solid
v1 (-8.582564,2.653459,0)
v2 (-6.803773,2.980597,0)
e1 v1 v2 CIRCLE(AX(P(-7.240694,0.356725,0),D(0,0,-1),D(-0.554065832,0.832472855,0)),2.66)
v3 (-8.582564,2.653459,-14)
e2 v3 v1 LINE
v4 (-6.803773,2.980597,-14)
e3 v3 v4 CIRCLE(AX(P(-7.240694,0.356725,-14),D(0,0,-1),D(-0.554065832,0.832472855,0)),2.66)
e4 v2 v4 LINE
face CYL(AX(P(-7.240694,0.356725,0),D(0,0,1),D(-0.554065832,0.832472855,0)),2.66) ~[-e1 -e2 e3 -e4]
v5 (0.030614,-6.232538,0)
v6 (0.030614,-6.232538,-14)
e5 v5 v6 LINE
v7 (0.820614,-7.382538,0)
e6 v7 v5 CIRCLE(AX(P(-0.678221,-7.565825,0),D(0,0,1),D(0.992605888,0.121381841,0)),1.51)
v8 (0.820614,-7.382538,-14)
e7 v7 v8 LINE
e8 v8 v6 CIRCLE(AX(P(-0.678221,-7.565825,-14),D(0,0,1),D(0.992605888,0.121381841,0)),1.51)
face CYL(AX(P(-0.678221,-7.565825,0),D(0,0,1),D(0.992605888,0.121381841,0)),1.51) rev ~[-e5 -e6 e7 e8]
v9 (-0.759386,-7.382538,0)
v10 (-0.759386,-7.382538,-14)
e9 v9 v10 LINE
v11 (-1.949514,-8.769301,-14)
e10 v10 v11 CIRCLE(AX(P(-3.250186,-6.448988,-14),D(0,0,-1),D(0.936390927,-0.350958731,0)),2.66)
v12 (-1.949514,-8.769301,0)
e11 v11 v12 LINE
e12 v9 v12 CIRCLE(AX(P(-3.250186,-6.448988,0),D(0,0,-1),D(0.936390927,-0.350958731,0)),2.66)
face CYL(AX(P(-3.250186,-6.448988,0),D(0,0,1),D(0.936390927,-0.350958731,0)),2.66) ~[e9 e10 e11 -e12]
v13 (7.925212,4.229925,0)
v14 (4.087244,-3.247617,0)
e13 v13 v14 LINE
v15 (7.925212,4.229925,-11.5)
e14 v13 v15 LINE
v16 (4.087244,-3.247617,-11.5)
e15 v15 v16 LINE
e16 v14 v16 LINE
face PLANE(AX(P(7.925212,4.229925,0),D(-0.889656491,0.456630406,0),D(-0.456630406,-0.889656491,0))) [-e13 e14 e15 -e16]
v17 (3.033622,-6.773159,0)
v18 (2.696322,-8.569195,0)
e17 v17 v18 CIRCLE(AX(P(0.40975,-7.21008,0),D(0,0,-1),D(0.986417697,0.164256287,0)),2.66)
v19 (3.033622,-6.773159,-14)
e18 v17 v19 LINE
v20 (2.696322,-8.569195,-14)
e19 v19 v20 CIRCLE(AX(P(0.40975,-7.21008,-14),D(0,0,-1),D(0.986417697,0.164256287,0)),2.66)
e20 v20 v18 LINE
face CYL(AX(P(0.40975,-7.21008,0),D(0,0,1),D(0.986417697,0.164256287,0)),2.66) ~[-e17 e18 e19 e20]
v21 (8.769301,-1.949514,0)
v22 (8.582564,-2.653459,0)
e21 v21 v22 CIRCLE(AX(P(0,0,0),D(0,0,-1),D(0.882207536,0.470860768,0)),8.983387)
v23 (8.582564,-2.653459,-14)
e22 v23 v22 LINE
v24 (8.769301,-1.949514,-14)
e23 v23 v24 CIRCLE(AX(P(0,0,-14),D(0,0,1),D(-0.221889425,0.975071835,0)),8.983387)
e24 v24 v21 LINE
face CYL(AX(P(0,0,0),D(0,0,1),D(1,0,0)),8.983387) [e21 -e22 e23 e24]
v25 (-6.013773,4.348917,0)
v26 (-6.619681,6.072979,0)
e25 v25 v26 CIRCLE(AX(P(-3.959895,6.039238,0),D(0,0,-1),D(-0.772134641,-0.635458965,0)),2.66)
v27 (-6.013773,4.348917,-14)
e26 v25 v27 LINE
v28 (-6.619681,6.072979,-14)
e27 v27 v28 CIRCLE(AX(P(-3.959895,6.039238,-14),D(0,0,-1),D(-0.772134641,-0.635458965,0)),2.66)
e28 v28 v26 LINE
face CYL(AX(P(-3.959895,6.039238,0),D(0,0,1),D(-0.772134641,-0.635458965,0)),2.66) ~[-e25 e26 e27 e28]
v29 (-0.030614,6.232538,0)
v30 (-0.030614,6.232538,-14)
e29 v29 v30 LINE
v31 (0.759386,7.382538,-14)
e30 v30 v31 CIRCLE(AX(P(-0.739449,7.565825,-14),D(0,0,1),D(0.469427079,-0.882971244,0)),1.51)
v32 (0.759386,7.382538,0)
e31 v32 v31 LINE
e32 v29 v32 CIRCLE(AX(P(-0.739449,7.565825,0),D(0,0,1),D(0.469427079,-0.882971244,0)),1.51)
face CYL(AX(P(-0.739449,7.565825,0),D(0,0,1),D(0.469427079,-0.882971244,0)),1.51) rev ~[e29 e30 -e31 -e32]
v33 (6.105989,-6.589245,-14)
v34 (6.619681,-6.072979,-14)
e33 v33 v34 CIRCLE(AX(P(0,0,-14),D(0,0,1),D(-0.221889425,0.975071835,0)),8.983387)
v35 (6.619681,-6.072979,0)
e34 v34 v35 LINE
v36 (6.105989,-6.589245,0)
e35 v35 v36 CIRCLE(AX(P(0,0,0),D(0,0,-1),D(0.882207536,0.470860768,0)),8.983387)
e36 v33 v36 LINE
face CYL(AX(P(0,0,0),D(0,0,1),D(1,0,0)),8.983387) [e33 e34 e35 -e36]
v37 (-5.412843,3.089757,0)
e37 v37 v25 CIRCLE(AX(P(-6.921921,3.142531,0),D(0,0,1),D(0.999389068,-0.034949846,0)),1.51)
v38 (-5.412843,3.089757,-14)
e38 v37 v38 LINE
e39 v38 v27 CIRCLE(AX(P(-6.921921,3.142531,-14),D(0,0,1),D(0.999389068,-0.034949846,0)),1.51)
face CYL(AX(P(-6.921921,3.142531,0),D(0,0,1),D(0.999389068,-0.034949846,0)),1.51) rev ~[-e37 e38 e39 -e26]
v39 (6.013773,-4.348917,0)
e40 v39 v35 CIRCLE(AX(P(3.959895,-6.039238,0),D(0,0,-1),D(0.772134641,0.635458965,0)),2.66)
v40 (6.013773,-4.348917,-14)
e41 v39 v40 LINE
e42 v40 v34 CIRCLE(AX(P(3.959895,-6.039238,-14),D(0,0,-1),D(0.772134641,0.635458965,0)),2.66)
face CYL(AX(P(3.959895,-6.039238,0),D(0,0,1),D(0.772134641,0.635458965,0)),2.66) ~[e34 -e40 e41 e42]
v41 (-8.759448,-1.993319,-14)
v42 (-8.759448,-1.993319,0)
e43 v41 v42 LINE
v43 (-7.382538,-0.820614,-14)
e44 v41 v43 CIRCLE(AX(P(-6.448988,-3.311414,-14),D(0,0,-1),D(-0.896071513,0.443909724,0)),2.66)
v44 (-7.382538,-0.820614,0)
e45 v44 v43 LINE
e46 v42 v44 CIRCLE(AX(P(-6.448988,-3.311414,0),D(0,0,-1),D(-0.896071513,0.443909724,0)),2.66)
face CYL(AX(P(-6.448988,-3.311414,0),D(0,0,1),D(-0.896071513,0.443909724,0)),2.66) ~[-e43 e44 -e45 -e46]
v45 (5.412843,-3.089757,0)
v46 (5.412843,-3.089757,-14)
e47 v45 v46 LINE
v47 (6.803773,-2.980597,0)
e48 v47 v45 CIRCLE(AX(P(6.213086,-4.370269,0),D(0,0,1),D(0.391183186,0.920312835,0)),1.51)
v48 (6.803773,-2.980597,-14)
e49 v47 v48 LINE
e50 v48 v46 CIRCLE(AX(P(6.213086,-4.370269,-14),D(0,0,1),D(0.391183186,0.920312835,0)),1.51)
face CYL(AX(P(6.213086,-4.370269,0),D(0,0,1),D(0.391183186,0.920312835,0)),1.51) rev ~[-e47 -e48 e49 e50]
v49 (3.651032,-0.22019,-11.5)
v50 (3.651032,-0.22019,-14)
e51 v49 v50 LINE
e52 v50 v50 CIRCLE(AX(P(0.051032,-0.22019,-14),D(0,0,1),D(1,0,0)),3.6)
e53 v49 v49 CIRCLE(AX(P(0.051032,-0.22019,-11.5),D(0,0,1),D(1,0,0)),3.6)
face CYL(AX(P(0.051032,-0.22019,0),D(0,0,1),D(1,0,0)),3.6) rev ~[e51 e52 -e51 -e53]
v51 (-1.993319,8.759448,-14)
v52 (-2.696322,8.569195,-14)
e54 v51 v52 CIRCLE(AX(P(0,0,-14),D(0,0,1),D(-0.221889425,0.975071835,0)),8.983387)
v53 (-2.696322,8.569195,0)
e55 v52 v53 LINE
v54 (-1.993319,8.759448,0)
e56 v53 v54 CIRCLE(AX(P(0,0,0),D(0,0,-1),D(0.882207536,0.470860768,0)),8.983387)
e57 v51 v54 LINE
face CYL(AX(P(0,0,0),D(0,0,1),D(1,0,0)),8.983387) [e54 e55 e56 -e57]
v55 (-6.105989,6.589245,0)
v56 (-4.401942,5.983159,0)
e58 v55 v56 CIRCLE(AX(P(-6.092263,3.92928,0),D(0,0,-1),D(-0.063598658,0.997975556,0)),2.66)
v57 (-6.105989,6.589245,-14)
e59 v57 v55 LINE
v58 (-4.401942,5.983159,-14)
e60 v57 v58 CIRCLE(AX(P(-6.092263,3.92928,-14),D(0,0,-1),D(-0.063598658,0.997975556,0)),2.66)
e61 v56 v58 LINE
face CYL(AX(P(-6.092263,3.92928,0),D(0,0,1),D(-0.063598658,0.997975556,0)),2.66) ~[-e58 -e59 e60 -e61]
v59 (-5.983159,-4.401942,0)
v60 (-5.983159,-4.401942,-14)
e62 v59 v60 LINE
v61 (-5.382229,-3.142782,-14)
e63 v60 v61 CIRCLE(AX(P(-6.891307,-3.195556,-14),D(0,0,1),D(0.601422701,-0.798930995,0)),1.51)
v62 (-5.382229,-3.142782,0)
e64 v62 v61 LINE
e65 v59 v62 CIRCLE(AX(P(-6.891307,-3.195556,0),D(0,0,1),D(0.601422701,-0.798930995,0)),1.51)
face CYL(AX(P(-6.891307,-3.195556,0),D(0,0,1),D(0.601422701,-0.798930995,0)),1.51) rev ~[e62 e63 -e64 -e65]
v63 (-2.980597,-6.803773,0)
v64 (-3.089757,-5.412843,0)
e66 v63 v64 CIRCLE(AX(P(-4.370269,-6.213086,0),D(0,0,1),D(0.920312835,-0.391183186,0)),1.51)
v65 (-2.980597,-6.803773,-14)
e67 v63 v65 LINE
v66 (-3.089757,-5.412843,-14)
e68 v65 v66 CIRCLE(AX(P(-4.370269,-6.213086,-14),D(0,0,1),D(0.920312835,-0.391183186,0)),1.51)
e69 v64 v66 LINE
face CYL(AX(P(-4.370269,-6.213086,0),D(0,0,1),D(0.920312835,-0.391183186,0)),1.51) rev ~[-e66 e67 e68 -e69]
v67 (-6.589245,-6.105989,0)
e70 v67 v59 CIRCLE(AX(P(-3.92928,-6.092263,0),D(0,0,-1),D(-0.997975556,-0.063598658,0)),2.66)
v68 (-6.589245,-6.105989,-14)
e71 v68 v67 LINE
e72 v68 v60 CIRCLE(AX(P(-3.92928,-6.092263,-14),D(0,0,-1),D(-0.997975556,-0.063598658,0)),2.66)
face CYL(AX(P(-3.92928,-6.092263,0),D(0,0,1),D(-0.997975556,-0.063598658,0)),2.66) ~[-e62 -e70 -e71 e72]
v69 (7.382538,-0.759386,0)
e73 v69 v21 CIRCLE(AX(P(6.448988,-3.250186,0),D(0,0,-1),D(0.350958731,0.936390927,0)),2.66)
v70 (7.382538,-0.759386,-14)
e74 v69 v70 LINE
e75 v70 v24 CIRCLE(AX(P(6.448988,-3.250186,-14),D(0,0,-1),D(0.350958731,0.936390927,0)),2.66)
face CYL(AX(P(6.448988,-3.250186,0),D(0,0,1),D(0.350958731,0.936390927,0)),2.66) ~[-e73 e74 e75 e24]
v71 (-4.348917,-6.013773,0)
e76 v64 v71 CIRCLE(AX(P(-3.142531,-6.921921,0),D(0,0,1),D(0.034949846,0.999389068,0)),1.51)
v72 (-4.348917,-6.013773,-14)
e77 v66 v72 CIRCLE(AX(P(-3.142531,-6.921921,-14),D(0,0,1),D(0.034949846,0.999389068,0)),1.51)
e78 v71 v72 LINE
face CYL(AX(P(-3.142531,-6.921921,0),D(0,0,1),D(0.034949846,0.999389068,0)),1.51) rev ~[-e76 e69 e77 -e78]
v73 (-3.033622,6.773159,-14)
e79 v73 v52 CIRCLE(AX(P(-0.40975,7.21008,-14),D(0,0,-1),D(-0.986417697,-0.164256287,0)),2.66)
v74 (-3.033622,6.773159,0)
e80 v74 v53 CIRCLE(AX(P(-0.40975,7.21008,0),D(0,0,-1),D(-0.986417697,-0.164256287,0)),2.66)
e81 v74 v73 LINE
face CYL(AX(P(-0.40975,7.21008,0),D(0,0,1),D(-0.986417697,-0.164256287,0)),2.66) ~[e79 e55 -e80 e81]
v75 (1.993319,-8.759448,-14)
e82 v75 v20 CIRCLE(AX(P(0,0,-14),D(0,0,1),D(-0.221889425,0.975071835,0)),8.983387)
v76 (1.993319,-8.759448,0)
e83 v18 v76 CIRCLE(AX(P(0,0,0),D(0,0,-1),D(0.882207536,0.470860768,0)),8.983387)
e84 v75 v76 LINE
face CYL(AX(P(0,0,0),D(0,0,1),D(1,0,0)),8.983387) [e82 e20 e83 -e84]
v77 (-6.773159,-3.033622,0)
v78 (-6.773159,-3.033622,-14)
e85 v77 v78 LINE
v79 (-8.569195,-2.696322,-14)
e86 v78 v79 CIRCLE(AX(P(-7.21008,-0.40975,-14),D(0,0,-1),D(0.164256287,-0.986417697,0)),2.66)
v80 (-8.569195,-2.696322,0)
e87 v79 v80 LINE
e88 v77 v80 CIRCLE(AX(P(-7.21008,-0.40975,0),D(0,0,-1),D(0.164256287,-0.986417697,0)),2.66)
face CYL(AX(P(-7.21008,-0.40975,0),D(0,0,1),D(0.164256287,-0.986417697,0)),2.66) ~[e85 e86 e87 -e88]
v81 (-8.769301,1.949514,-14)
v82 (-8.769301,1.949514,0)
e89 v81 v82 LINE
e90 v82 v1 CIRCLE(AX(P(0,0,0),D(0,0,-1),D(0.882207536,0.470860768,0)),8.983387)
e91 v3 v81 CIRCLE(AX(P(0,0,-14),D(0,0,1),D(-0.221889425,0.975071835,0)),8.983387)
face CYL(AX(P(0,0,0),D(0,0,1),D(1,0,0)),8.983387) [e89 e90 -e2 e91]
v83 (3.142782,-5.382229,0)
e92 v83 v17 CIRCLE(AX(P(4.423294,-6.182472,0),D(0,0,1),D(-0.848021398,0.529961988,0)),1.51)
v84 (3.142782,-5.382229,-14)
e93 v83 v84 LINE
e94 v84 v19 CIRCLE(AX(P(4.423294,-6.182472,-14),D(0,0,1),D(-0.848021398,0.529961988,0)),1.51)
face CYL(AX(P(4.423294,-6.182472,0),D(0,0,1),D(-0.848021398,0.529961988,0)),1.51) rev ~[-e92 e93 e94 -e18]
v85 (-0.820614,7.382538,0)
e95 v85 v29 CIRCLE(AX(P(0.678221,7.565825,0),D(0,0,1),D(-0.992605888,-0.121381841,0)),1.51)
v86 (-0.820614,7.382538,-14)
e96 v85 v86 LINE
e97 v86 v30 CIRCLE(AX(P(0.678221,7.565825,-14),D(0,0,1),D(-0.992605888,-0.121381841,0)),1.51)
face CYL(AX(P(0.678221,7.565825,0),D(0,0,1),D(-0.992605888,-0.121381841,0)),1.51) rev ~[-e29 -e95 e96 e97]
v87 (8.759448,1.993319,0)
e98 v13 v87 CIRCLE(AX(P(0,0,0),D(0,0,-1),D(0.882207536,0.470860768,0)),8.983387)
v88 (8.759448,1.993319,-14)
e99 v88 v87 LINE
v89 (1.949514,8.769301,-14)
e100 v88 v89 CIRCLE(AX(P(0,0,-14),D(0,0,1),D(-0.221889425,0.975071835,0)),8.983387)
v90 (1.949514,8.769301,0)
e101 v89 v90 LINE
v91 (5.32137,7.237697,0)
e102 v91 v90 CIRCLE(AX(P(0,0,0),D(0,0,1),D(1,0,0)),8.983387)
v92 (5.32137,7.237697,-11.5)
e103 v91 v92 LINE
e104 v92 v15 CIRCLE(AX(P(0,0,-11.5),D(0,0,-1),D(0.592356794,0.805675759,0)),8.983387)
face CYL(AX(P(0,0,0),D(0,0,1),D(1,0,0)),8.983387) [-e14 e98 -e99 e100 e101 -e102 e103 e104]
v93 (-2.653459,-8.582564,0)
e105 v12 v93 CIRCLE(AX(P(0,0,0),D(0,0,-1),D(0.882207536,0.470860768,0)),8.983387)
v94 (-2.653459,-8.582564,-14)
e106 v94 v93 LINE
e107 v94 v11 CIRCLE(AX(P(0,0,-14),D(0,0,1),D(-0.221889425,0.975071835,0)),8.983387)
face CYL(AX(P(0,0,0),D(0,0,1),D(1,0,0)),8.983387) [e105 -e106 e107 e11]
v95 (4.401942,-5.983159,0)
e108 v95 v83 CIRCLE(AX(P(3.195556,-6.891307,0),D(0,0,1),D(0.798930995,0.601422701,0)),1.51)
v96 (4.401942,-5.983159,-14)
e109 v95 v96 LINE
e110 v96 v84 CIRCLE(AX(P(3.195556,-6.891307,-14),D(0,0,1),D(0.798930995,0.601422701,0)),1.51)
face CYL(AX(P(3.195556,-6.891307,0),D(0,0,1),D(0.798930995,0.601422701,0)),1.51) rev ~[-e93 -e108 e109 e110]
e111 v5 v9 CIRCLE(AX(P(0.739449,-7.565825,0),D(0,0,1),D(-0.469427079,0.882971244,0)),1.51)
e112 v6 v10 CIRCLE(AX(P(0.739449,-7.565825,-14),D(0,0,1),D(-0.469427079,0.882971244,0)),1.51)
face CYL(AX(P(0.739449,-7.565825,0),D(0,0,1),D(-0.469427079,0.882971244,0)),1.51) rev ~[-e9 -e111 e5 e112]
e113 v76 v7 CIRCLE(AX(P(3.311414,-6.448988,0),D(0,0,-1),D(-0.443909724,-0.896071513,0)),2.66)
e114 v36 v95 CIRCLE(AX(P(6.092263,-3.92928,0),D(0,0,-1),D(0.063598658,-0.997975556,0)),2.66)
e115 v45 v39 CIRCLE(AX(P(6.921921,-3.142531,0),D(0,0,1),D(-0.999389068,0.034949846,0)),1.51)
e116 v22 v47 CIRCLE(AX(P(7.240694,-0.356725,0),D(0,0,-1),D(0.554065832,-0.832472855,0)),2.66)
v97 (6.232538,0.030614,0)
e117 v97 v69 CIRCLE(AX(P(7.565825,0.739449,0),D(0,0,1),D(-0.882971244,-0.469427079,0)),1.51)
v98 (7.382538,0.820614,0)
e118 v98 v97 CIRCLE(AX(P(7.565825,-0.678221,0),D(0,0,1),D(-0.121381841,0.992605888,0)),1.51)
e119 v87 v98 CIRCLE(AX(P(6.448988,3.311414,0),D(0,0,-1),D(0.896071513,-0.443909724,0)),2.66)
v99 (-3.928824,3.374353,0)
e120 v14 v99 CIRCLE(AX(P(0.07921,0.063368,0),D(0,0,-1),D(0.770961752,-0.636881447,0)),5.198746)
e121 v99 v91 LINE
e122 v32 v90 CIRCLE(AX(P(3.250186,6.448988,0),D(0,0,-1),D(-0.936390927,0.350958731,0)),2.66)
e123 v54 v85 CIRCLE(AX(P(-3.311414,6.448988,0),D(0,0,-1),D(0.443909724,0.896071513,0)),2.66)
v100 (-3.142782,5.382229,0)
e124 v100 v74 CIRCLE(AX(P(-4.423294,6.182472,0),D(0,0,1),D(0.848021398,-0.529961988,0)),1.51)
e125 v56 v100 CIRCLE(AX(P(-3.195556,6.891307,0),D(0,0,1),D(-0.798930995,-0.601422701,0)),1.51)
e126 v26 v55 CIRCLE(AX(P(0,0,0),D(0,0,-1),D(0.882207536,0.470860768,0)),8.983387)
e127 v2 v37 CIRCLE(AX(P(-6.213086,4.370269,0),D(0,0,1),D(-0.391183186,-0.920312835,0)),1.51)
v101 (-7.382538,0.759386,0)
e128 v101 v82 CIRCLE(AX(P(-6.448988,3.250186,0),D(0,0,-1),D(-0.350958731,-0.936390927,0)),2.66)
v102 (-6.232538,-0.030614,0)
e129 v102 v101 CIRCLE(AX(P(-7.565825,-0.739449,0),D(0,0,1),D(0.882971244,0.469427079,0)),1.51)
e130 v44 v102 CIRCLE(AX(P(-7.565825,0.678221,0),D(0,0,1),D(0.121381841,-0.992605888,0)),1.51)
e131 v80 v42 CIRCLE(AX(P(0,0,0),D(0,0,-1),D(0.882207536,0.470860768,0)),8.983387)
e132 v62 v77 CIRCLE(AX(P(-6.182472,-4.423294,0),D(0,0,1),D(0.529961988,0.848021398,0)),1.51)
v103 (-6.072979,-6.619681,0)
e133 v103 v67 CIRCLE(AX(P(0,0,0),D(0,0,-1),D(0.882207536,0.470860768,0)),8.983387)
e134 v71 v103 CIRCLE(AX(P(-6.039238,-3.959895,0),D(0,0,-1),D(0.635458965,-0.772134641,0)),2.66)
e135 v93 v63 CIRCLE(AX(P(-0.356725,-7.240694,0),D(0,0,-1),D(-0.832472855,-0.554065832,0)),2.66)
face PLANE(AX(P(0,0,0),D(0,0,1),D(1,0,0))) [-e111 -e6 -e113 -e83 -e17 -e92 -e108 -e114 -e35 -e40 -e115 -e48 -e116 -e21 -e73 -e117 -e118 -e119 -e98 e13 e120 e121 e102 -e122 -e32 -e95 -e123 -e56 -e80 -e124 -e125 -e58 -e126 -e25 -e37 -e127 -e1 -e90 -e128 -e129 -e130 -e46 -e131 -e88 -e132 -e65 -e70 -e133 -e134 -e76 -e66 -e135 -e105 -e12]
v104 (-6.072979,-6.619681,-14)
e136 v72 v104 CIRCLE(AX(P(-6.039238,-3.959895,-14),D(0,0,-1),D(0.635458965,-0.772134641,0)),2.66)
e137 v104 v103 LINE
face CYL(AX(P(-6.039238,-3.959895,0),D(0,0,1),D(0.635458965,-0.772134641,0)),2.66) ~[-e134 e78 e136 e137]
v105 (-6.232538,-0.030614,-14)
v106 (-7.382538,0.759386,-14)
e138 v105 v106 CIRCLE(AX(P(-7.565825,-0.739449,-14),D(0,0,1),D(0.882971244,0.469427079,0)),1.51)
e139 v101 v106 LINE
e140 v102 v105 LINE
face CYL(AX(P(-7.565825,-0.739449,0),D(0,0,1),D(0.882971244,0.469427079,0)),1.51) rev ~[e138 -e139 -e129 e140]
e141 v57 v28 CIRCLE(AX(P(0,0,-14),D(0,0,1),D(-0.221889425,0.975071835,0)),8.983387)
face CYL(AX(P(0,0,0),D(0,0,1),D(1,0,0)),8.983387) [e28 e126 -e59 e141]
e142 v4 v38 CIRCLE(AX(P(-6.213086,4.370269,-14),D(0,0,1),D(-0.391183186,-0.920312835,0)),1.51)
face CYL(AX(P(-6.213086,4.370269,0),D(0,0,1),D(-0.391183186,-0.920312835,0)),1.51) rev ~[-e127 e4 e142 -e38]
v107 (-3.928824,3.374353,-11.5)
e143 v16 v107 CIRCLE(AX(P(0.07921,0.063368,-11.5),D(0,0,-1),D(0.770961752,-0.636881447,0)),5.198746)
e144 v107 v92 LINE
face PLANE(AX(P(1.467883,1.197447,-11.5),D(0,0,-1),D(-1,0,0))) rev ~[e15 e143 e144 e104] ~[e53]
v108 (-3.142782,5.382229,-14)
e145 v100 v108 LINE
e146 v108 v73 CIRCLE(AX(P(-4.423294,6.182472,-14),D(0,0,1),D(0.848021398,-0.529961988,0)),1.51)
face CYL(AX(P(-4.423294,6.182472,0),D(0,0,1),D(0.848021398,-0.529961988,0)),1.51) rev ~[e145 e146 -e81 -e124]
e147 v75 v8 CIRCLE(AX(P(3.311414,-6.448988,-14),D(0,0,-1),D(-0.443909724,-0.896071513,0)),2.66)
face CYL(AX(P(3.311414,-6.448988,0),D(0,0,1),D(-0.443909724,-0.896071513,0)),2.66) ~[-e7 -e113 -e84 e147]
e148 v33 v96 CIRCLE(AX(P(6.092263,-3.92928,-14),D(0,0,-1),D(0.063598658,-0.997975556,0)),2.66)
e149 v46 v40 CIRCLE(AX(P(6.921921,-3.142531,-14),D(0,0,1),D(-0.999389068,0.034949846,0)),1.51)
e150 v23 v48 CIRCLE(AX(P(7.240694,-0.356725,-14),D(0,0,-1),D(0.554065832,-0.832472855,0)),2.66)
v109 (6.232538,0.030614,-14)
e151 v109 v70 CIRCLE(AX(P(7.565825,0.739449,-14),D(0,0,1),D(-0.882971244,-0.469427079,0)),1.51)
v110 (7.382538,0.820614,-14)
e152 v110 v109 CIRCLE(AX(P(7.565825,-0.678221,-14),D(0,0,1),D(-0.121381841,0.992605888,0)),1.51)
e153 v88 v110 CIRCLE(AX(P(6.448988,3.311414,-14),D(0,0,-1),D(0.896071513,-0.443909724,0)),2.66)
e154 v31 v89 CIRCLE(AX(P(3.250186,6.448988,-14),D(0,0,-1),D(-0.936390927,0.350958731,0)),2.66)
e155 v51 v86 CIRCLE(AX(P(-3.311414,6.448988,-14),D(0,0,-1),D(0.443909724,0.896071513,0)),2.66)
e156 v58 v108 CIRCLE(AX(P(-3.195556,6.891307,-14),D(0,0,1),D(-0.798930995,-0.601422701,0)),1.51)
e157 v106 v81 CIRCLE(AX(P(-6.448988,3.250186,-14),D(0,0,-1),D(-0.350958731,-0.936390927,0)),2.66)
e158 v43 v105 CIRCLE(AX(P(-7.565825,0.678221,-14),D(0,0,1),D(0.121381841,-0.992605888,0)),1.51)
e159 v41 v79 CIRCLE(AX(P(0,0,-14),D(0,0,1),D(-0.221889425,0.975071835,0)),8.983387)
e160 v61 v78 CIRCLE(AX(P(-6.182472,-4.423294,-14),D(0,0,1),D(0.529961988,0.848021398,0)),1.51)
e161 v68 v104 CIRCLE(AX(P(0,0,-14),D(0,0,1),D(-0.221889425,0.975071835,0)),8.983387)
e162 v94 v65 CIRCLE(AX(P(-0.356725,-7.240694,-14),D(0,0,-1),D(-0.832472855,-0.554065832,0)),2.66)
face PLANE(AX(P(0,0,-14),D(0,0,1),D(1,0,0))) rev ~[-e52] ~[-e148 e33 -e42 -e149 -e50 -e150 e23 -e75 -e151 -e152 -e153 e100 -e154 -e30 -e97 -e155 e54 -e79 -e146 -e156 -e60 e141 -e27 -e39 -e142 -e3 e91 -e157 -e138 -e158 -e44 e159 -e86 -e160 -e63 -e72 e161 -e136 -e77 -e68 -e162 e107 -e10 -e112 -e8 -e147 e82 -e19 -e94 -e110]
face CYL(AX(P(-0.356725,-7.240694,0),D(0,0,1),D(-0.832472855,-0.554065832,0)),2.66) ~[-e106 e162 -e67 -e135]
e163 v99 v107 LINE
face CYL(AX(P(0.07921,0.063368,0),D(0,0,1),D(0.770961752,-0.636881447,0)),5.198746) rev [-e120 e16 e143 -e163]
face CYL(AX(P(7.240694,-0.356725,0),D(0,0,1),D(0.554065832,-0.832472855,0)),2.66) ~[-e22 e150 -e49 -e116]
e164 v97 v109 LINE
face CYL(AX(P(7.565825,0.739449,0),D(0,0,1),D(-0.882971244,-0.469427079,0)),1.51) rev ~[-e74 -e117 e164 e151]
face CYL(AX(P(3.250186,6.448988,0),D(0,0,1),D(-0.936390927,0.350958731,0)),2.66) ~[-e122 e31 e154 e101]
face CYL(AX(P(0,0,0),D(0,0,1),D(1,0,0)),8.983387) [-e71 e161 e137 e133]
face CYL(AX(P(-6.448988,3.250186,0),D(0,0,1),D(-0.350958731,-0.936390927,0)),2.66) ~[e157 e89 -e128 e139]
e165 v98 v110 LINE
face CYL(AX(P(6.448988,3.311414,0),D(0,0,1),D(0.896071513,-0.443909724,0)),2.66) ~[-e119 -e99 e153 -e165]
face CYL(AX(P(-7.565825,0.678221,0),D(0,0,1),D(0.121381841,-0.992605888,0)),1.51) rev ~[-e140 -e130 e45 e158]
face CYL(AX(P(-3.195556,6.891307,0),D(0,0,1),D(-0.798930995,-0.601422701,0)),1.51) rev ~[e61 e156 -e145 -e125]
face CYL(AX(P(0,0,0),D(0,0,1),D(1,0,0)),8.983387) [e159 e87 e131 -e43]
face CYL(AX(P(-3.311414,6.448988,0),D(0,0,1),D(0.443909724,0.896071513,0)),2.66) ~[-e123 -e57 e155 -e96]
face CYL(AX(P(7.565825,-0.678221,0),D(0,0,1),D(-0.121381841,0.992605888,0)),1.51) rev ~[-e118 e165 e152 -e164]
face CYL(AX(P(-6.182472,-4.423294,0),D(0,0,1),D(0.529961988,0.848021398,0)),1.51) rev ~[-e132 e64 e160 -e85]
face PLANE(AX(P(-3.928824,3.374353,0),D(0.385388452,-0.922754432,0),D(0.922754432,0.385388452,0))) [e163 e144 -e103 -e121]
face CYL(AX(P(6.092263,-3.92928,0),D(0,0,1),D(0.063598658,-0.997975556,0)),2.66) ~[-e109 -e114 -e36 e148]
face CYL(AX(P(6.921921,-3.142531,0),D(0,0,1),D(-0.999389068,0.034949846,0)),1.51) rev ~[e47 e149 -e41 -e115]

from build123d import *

# Parameters (mm, degrees)
SKETCH1_R           = 8.98338725
BOSS_EXTRUDE2_DEPTH = 14
CUT_EXTRUDE1_DEPTH  = 11.5
SKETCH9_R           = 3.6
CUT_EXTRUDE4_DEPTH  = 14
CUT_EXTRUDE5_DEPTH  = 14
CIRPATTERN2_COUNT   = 10
CIRPATTERN2_ANGLE   = 270


with BuildPart() as part:
    # Sketch1 → Boss-Extrude2 (new body)
    with BuildSketch(Plane.XY):
        Circle(SKETCH1_R)
    extrude(amount=-BOSS_EXTRUDE2_DEPTH)

    # Sketch2 → Cut-Extrude1 (cut)
    with BuildSketch(Plane.XY):
        with BuildLine():
            Line((-3.928824085, 3.374352944), (5.321370473, 7.237697339))
            ThreePointArc((5.321370473, 7.237697339), (6.791881958, 5.879760705), (7.925211932, 4.229924623))
            Line((7.925211932, 4.229924623), (4.087244411, -3.247616683))
            ThreePointArc((4.087244411, -3.247616683), (-3.231774651, -3.944666118), (-3.928824085, 3.374352944))
        make_face()
    extrude(amount=-CUT_EXTRUDE1_DEPTH, mode=Mode.SUBTRACT)

    # Sketch9 → Cut-Extrude4 (cut)
    with BuildSketch(Plane.XY):
        with Locations((0.051031531, -0.220189823)):
            Circle(SKETCH9_R)
    extrude(amount=-CUT_EXTRUDE4_DEPTH, mode=Mode.SUBTRACT)

    # Sketch10 → Cut-Extrude5 (cut)
    with BuildSketch(Plane.XY):
        with BuildLine():
            ThreePointArc((-0.030614018, 6.232538227), (0.505170096, 6.710825662), (0.759385982, 7.382538227))
            ThreePointArc((0.759385982, 7.382538227), (1.276411254, 8.232191257), (2.069385982, 8.832538227))
            ThreePointArc((2.069385982, 8.832538227), (-0.030614018, 8.990934274), (-2.130614018, 8.832538227))
            ThreePointArc((-2.130614018, 8.832538227), (-1.33763929, 8.232191257), (-0.820614018, 7.382538227))
            ThreePointArc((-0.820614018, 7.382538227), (-0.566398131, 6.710825662), (-0.030614018, 6.232538227))
        make_face()
    cut_extrude5 = extrude(amount=-CUT_EXTRUDE5_DEPTH, mode=Mode.SUBTRACT)

    # CirPattern2: Cut-Extrude5 ×10 about axis
    cirpattern2_axis = Axis((0, 0, 0), (0, 0, 1))
    for i in range(1, CIRPATTERN2_COUNT):
        add(cut_extrude5.rotate(cirpattern2_axis, i * CIRPATTERN2_ANGLE / (CIRPATTERN2_COUNT - 1)), mode=Mode.SUBTRACT)


solid = part.part
